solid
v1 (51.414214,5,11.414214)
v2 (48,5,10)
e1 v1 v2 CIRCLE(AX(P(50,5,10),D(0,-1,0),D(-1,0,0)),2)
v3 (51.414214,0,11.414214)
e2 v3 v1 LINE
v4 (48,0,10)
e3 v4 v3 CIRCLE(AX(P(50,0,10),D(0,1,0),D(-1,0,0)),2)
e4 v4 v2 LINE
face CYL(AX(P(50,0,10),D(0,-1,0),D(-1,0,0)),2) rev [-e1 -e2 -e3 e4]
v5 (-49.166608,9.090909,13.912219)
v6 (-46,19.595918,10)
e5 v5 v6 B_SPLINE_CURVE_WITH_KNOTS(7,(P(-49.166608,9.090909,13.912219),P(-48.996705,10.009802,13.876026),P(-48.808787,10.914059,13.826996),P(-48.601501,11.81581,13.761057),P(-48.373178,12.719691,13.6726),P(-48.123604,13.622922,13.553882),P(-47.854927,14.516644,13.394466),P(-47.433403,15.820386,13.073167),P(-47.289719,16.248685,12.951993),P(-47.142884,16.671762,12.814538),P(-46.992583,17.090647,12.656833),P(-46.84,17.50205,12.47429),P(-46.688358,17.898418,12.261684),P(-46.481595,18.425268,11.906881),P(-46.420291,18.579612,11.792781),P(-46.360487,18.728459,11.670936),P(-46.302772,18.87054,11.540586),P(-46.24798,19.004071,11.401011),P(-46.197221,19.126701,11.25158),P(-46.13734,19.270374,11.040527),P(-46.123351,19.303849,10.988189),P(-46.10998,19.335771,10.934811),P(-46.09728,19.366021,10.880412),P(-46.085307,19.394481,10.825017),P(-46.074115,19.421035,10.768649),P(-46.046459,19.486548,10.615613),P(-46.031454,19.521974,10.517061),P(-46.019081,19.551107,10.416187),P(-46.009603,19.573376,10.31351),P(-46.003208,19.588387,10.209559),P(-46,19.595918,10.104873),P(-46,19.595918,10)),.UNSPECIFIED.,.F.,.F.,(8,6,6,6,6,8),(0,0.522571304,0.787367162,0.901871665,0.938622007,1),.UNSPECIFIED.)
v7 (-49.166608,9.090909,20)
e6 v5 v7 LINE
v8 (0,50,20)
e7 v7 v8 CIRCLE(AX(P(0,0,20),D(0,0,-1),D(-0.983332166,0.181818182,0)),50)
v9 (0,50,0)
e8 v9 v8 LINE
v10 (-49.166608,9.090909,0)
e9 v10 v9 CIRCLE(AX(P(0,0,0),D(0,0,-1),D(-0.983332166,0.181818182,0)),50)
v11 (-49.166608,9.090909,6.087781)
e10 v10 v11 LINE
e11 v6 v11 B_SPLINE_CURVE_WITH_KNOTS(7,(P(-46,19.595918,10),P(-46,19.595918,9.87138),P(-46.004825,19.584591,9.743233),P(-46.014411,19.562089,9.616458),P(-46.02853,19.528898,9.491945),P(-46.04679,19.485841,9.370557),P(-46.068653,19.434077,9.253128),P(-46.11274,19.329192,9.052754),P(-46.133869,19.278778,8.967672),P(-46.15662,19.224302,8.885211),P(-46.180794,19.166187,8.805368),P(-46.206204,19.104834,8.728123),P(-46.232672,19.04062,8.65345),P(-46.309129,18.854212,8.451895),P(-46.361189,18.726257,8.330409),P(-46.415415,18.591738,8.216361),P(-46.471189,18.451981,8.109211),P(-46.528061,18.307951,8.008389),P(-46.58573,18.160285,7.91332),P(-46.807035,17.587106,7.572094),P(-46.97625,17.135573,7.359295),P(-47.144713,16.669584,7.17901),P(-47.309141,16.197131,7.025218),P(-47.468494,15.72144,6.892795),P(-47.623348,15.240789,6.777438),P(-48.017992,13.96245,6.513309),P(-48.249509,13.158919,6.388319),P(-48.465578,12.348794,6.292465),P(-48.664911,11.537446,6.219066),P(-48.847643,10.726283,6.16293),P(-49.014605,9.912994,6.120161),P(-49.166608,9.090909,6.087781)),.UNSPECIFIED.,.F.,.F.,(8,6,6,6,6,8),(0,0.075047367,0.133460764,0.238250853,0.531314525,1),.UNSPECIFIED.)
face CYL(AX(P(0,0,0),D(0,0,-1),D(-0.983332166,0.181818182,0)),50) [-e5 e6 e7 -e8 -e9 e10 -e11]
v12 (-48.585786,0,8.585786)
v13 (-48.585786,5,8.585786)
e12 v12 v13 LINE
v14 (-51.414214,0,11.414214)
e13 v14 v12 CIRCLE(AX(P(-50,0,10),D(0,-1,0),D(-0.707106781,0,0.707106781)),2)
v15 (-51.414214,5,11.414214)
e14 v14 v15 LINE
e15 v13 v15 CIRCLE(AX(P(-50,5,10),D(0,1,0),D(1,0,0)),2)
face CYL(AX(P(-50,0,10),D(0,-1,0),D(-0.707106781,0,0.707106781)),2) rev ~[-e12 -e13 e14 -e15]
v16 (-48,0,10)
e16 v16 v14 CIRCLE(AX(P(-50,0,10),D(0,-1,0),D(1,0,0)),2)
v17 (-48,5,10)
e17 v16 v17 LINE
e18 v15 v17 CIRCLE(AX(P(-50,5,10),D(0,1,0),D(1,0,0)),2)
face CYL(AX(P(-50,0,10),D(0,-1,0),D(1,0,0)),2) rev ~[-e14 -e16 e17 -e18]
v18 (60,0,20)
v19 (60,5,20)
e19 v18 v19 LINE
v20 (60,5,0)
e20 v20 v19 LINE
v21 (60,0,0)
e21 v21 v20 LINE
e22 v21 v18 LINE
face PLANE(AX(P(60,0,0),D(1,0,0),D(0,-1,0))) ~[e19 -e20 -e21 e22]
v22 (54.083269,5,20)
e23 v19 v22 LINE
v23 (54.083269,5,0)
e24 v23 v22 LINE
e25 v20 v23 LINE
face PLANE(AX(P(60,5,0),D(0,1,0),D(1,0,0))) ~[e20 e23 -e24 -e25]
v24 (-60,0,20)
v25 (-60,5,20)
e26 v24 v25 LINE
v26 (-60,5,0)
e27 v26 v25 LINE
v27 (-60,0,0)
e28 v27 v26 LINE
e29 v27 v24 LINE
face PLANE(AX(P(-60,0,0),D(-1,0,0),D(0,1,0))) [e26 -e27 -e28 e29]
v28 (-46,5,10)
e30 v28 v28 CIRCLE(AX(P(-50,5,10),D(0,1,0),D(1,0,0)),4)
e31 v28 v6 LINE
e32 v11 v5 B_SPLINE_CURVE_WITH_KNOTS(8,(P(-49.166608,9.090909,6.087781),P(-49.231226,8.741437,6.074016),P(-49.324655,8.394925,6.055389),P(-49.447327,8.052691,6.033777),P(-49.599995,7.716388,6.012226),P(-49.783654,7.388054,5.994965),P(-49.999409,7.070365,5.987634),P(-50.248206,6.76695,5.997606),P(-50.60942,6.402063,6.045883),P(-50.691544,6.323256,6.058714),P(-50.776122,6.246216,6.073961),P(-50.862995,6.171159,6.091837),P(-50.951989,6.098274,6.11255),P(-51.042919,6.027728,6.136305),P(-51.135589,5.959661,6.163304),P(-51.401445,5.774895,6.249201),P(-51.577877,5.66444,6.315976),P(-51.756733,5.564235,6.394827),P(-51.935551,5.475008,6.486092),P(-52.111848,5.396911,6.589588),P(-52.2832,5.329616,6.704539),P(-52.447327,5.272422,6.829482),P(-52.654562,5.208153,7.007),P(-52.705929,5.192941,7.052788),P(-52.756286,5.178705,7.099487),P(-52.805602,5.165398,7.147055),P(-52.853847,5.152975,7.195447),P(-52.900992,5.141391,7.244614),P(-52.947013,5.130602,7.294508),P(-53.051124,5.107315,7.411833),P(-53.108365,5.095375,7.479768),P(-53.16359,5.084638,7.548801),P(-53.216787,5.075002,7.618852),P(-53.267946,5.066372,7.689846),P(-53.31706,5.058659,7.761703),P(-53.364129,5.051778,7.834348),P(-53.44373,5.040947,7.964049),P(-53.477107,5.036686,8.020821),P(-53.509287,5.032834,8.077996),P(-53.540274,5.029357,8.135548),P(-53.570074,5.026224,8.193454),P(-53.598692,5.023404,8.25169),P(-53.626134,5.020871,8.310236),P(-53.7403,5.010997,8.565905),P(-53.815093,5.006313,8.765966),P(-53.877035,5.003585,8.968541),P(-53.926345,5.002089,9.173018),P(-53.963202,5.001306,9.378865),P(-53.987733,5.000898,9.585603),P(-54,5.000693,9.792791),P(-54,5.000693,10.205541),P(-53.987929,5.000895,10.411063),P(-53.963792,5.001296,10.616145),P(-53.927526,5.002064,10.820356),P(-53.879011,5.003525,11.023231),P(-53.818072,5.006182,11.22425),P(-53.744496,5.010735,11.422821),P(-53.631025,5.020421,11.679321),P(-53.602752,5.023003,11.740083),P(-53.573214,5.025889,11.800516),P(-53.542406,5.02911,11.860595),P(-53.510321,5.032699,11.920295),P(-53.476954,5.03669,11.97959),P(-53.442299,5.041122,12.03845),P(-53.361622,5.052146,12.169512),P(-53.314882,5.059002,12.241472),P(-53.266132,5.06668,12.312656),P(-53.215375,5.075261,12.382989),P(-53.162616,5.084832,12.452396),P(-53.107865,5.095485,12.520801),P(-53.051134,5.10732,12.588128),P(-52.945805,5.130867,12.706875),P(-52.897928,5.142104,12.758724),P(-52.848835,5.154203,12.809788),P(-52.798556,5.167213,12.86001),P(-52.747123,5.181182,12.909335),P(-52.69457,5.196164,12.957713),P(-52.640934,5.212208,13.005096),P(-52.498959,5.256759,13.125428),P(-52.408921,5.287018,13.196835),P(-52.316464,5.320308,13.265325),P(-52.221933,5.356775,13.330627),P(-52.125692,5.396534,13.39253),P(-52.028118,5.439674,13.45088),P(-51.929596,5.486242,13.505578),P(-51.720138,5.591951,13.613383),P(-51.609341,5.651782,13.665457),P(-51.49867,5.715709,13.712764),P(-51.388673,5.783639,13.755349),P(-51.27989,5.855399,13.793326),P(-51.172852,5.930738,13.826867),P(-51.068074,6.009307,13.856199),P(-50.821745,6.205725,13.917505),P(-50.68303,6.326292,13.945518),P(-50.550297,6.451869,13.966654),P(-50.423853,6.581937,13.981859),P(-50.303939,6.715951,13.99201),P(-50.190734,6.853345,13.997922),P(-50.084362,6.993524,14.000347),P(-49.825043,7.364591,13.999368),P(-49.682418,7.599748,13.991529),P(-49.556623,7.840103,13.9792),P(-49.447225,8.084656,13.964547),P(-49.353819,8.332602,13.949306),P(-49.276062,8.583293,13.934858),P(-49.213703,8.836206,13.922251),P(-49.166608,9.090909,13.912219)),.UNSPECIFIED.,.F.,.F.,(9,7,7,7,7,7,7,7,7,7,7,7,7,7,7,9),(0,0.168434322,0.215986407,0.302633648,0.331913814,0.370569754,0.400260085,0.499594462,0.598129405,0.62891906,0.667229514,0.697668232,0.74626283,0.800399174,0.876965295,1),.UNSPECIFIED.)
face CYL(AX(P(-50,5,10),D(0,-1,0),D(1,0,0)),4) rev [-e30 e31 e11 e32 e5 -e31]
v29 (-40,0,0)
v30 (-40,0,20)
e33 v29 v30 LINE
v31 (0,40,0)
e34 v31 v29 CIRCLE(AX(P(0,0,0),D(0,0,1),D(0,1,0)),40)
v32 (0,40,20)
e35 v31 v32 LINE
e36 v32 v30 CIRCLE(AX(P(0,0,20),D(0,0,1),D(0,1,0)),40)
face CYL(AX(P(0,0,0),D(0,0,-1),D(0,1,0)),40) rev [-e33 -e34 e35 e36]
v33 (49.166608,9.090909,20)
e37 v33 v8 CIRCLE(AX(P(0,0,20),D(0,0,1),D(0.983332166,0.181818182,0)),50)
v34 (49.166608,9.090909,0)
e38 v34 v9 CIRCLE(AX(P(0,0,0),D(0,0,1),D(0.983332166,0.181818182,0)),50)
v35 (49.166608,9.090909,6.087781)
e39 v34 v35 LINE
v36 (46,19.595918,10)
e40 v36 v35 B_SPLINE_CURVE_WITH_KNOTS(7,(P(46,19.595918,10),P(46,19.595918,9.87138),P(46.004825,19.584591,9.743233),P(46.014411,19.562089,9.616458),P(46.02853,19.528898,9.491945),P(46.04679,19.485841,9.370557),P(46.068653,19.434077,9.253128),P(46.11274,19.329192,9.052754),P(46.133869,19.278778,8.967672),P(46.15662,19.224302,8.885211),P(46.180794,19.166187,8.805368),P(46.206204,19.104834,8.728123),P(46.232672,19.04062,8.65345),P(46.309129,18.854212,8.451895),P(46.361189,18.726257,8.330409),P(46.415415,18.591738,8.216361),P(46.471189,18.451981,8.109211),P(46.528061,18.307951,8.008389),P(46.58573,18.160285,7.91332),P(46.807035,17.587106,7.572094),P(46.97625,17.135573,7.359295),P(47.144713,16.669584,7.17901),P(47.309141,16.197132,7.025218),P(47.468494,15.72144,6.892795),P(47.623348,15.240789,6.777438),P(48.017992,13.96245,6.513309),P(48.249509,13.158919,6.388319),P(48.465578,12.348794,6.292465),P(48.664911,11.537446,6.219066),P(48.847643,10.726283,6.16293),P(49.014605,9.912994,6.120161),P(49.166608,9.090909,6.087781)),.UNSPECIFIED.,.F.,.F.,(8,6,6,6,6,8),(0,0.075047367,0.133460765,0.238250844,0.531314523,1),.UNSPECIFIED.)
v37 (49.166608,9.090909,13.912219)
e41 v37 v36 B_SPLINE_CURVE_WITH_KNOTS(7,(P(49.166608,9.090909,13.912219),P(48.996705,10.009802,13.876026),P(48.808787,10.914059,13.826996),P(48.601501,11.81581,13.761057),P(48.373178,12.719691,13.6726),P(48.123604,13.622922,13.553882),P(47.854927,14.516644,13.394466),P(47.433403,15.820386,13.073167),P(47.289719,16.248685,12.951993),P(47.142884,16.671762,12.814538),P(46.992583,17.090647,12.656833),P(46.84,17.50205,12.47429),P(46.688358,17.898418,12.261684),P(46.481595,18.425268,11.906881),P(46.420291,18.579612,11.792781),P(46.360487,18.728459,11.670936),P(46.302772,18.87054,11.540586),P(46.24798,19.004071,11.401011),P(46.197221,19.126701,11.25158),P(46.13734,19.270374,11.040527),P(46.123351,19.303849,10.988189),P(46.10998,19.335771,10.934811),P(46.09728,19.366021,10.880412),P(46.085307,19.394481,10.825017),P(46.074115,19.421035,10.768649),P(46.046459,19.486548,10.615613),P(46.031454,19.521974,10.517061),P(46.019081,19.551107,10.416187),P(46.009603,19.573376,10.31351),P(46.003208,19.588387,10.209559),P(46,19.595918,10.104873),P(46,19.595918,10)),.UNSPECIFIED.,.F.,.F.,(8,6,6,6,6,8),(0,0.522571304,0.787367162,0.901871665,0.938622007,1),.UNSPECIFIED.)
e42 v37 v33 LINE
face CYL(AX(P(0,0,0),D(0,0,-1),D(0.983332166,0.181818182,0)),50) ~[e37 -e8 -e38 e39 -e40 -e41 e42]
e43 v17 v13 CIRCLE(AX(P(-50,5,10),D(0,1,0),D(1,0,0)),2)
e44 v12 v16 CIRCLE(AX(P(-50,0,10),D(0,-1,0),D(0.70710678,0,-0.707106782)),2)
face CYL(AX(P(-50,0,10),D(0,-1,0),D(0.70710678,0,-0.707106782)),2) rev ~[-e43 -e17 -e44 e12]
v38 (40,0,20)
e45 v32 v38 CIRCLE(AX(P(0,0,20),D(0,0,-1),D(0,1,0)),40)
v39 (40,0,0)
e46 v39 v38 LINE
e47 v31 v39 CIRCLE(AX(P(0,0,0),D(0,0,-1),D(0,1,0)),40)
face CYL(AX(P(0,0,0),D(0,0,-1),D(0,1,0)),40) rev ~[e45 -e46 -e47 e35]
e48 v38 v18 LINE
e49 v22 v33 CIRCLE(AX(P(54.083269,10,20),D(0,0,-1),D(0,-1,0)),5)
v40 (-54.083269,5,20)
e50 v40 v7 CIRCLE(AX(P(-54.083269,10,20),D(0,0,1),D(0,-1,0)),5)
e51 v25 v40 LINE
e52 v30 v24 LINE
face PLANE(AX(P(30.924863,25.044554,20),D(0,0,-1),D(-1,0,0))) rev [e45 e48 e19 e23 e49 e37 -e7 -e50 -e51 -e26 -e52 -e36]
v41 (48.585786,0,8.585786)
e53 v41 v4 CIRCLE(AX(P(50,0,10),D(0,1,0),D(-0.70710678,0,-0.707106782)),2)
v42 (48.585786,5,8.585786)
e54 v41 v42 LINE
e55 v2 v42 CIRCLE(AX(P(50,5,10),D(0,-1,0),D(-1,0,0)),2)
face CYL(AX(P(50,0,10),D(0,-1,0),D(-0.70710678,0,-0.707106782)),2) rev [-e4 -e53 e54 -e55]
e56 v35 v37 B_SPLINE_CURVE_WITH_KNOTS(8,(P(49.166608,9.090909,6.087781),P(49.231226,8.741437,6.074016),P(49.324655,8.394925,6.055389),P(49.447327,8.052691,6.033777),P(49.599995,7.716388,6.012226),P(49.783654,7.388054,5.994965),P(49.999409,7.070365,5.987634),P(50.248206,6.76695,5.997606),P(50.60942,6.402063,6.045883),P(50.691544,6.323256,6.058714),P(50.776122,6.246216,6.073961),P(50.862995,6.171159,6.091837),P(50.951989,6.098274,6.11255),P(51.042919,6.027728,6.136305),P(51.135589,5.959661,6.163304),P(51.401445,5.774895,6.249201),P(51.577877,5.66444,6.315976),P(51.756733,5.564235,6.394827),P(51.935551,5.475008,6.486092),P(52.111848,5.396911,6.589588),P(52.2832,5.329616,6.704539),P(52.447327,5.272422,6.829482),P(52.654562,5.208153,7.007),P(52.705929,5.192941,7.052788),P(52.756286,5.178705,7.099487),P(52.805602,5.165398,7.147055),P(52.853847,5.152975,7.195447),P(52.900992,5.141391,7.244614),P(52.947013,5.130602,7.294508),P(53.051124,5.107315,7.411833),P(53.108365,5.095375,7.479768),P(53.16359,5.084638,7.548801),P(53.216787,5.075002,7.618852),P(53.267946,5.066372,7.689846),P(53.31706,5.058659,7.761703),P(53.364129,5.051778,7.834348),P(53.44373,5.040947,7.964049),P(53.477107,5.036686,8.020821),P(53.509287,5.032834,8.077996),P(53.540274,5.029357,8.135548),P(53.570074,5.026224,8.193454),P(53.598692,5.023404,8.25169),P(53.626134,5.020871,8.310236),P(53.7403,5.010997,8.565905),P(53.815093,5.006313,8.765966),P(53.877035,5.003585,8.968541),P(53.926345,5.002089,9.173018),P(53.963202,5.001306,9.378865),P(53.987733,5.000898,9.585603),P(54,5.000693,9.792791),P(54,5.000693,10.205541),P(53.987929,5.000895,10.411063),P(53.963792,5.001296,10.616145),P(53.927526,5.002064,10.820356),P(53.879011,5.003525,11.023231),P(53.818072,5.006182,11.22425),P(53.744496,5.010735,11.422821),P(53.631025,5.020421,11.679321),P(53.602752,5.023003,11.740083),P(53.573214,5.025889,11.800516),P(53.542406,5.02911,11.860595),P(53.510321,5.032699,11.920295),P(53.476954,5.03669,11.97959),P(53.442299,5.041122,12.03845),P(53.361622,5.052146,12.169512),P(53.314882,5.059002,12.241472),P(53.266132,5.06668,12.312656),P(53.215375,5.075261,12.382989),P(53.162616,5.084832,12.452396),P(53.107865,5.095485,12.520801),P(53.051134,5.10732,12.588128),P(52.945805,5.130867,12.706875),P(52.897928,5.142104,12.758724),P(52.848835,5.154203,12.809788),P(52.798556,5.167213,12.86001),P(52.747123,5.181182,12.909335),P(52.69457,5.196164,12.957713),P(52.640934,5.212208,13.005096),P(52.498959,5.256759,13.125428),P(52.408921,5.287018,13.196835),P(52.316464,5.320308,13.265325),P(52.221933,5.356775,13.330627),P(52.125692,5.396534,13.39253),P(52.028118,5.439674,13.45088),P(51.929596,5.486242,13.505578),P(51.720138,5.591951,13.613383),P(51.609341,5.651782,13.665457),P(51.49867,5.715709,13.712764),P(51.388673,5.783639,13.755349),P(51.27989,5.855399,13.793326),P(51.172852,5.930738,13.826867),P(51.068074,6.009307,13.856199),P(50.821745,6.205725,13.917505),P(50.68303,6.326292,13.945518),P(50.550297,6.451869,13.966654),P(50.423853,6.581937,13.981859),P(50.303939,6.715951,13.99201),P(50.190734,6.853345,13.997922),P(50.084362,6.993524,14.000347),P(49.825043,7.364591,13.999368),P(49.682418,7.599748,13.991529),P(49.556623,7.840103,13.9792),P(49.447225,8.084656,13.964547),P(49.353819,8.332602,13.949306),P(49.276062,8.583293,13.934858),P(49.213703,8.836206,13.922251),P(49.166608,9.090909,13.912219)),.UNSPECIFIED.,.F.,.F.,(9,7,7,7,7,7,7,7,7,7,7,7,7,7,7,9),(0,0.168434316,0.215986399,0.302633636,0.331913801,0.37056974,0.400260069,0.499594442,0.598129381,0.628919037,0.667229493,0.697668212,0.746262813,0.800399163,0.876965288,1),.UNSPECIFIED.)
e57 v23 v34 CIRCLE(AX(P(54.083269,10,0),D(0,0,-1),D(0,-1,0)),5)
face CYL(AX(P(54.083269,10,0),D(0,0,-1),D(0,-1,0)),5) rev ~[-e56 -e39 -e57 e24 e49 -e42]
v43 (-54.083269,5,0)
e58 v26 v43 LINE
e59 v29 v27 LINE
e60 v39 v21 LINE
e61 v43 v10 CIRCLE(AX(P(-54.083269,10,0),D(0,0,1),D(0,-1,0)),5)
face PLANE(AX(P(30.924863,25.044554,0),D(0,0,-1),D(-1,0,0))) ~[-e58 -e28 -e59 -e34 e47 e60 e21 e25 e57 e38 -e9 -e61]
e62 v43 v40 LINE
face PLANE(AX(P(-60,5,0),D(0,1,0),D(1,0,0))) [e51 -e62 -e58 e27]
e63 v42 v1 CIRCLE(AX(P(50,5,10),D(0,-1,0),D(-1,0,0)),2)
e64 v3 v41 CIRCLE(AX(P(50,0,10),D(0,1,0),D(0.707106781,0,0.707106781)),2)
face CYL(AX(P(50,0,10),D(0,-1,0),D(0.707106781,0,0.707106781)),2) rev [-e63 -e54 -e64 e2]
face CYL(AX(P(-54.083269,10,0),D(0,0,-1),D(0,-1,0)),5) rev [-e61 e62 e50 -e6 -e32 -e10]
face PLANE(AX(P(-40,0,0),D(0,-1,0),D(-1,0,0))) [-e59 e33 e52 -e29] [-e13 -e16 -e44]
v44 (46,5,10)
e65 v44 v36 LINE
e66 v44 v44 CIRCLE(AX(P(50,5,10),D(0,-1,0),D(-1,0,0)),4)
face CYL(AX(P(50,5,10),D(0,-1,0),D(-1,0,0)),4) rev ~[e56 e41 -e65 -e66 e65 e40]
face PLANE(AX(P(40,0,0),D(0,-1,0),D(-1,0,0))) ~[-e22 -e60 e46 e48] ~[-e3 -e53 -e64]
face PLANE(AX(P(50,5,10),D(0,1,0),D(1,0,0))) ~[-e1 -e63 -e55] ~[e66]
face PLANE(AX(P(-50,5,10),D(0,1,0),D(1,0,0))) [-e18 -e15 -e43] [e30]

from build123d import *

# Parameters (mm, degrees)
BOSS_EXTRUDE1_DEPTH = 20
CUT_EXTRUDE1_DEPTH  = 20
SKETCH4_R           = 4
SKETCH4_R_2         = 2
CUT_EXTRUDE2_DEPTH  = 37


with BuildPart() as part:
    # Sketch1 → Boss-Extrude1 (new body)
    with BuildSketch(Plane.XY):
        with BuildLine():
            Line((-40, 0), (-60, 0))
            Line((-60, 0), (-60, 5))
            Line((-60, 5), (-54.083269132, 5))
            ThreePointArc((-54.083269132, 5), (-50.885258387, 6.156469426), (-49.166608302, 9.090909091))
            ThreePointArc((-49.166608302, 9.090909091), (-31.980107453, 38.435305739), (0, 50))
            Line((0, 50), (0, 40))
            ThreePointArc((0, 40), (-28.284271247, 28.284271247), (-40, 0))
        make_face()
    boss_extrude1 = extrude(amount=BOSS_EXTRUDE1_DEPTH)

    # Sketch2 → Cut-Extrude1 (cut)
    with BuildSketch(Plane.XZ):
        with BuildLine():
            ThreePointArc((-48, 10), (-49.234633135, 11.847759065), (-51.414213562, 11.414213562))
            Line((-51.414213562, 11.414213562), (-48.585786438, 8.585786438))
            ThreePointArc((-48.585786438, 8.585786438), (-48.152240935, 9.234633135), (-48, 10))
        make_face()
        with BuildLine():
            Line((-48.585786438, 8.585786438), (-51.414213562, 11.414213562))
            ThreePointArc((-51.414213562, 11.414213562), (-51.414213562, 8.585786438), (-48.585786438, 8.585786438))
        make_face()
    cut_extrude1 = extrude(amount=-CUT_EXTRUDE1_DEPTH, mode=Mode.SUBTRACT)

    # Sketch4 → Cut-Extrude2 (cut)
    with BuildSketch(Plane(origin=(0, 5, 0), x_dir=(1, 0, 0), z_dir=(0, 1, 0))):
        with Locations((-50, -10)):
            Circle(SKETCH4_R)
        with Locations((-50, -10)):
            Circle(SKETCH4_R_2, mode=Mode.SUBTRACT)
    cut_extrude2 = extrude(amount=CUT_EXTRUDE2_DEPTH, mode=Mode.SUBTRACT)

    # Mirror1: Boss-Extrude1, Cut-Extrude1, Cut-Extrude2 across plane
    add(boss_extrude1.mirror(Plane(origin=(0, 0, 20), x_dir=(0, 0, 1), z_dir=(1, 0, 0))))
    add(cut_extrude1.mirror(Plane(origin=(0, 0, 20), x_dir=(0, 0, 1), z_dir=(1, 0, 0))), mode=Mode.SUBTRACT)
    add(cut_extrude2.mirror(Plane(origin=(0, 0, 20), x_dir=(0, 0, 1), z_dir=(1, 0, 0))), mode=Mode.SUBTRACT)


solid = part.part
